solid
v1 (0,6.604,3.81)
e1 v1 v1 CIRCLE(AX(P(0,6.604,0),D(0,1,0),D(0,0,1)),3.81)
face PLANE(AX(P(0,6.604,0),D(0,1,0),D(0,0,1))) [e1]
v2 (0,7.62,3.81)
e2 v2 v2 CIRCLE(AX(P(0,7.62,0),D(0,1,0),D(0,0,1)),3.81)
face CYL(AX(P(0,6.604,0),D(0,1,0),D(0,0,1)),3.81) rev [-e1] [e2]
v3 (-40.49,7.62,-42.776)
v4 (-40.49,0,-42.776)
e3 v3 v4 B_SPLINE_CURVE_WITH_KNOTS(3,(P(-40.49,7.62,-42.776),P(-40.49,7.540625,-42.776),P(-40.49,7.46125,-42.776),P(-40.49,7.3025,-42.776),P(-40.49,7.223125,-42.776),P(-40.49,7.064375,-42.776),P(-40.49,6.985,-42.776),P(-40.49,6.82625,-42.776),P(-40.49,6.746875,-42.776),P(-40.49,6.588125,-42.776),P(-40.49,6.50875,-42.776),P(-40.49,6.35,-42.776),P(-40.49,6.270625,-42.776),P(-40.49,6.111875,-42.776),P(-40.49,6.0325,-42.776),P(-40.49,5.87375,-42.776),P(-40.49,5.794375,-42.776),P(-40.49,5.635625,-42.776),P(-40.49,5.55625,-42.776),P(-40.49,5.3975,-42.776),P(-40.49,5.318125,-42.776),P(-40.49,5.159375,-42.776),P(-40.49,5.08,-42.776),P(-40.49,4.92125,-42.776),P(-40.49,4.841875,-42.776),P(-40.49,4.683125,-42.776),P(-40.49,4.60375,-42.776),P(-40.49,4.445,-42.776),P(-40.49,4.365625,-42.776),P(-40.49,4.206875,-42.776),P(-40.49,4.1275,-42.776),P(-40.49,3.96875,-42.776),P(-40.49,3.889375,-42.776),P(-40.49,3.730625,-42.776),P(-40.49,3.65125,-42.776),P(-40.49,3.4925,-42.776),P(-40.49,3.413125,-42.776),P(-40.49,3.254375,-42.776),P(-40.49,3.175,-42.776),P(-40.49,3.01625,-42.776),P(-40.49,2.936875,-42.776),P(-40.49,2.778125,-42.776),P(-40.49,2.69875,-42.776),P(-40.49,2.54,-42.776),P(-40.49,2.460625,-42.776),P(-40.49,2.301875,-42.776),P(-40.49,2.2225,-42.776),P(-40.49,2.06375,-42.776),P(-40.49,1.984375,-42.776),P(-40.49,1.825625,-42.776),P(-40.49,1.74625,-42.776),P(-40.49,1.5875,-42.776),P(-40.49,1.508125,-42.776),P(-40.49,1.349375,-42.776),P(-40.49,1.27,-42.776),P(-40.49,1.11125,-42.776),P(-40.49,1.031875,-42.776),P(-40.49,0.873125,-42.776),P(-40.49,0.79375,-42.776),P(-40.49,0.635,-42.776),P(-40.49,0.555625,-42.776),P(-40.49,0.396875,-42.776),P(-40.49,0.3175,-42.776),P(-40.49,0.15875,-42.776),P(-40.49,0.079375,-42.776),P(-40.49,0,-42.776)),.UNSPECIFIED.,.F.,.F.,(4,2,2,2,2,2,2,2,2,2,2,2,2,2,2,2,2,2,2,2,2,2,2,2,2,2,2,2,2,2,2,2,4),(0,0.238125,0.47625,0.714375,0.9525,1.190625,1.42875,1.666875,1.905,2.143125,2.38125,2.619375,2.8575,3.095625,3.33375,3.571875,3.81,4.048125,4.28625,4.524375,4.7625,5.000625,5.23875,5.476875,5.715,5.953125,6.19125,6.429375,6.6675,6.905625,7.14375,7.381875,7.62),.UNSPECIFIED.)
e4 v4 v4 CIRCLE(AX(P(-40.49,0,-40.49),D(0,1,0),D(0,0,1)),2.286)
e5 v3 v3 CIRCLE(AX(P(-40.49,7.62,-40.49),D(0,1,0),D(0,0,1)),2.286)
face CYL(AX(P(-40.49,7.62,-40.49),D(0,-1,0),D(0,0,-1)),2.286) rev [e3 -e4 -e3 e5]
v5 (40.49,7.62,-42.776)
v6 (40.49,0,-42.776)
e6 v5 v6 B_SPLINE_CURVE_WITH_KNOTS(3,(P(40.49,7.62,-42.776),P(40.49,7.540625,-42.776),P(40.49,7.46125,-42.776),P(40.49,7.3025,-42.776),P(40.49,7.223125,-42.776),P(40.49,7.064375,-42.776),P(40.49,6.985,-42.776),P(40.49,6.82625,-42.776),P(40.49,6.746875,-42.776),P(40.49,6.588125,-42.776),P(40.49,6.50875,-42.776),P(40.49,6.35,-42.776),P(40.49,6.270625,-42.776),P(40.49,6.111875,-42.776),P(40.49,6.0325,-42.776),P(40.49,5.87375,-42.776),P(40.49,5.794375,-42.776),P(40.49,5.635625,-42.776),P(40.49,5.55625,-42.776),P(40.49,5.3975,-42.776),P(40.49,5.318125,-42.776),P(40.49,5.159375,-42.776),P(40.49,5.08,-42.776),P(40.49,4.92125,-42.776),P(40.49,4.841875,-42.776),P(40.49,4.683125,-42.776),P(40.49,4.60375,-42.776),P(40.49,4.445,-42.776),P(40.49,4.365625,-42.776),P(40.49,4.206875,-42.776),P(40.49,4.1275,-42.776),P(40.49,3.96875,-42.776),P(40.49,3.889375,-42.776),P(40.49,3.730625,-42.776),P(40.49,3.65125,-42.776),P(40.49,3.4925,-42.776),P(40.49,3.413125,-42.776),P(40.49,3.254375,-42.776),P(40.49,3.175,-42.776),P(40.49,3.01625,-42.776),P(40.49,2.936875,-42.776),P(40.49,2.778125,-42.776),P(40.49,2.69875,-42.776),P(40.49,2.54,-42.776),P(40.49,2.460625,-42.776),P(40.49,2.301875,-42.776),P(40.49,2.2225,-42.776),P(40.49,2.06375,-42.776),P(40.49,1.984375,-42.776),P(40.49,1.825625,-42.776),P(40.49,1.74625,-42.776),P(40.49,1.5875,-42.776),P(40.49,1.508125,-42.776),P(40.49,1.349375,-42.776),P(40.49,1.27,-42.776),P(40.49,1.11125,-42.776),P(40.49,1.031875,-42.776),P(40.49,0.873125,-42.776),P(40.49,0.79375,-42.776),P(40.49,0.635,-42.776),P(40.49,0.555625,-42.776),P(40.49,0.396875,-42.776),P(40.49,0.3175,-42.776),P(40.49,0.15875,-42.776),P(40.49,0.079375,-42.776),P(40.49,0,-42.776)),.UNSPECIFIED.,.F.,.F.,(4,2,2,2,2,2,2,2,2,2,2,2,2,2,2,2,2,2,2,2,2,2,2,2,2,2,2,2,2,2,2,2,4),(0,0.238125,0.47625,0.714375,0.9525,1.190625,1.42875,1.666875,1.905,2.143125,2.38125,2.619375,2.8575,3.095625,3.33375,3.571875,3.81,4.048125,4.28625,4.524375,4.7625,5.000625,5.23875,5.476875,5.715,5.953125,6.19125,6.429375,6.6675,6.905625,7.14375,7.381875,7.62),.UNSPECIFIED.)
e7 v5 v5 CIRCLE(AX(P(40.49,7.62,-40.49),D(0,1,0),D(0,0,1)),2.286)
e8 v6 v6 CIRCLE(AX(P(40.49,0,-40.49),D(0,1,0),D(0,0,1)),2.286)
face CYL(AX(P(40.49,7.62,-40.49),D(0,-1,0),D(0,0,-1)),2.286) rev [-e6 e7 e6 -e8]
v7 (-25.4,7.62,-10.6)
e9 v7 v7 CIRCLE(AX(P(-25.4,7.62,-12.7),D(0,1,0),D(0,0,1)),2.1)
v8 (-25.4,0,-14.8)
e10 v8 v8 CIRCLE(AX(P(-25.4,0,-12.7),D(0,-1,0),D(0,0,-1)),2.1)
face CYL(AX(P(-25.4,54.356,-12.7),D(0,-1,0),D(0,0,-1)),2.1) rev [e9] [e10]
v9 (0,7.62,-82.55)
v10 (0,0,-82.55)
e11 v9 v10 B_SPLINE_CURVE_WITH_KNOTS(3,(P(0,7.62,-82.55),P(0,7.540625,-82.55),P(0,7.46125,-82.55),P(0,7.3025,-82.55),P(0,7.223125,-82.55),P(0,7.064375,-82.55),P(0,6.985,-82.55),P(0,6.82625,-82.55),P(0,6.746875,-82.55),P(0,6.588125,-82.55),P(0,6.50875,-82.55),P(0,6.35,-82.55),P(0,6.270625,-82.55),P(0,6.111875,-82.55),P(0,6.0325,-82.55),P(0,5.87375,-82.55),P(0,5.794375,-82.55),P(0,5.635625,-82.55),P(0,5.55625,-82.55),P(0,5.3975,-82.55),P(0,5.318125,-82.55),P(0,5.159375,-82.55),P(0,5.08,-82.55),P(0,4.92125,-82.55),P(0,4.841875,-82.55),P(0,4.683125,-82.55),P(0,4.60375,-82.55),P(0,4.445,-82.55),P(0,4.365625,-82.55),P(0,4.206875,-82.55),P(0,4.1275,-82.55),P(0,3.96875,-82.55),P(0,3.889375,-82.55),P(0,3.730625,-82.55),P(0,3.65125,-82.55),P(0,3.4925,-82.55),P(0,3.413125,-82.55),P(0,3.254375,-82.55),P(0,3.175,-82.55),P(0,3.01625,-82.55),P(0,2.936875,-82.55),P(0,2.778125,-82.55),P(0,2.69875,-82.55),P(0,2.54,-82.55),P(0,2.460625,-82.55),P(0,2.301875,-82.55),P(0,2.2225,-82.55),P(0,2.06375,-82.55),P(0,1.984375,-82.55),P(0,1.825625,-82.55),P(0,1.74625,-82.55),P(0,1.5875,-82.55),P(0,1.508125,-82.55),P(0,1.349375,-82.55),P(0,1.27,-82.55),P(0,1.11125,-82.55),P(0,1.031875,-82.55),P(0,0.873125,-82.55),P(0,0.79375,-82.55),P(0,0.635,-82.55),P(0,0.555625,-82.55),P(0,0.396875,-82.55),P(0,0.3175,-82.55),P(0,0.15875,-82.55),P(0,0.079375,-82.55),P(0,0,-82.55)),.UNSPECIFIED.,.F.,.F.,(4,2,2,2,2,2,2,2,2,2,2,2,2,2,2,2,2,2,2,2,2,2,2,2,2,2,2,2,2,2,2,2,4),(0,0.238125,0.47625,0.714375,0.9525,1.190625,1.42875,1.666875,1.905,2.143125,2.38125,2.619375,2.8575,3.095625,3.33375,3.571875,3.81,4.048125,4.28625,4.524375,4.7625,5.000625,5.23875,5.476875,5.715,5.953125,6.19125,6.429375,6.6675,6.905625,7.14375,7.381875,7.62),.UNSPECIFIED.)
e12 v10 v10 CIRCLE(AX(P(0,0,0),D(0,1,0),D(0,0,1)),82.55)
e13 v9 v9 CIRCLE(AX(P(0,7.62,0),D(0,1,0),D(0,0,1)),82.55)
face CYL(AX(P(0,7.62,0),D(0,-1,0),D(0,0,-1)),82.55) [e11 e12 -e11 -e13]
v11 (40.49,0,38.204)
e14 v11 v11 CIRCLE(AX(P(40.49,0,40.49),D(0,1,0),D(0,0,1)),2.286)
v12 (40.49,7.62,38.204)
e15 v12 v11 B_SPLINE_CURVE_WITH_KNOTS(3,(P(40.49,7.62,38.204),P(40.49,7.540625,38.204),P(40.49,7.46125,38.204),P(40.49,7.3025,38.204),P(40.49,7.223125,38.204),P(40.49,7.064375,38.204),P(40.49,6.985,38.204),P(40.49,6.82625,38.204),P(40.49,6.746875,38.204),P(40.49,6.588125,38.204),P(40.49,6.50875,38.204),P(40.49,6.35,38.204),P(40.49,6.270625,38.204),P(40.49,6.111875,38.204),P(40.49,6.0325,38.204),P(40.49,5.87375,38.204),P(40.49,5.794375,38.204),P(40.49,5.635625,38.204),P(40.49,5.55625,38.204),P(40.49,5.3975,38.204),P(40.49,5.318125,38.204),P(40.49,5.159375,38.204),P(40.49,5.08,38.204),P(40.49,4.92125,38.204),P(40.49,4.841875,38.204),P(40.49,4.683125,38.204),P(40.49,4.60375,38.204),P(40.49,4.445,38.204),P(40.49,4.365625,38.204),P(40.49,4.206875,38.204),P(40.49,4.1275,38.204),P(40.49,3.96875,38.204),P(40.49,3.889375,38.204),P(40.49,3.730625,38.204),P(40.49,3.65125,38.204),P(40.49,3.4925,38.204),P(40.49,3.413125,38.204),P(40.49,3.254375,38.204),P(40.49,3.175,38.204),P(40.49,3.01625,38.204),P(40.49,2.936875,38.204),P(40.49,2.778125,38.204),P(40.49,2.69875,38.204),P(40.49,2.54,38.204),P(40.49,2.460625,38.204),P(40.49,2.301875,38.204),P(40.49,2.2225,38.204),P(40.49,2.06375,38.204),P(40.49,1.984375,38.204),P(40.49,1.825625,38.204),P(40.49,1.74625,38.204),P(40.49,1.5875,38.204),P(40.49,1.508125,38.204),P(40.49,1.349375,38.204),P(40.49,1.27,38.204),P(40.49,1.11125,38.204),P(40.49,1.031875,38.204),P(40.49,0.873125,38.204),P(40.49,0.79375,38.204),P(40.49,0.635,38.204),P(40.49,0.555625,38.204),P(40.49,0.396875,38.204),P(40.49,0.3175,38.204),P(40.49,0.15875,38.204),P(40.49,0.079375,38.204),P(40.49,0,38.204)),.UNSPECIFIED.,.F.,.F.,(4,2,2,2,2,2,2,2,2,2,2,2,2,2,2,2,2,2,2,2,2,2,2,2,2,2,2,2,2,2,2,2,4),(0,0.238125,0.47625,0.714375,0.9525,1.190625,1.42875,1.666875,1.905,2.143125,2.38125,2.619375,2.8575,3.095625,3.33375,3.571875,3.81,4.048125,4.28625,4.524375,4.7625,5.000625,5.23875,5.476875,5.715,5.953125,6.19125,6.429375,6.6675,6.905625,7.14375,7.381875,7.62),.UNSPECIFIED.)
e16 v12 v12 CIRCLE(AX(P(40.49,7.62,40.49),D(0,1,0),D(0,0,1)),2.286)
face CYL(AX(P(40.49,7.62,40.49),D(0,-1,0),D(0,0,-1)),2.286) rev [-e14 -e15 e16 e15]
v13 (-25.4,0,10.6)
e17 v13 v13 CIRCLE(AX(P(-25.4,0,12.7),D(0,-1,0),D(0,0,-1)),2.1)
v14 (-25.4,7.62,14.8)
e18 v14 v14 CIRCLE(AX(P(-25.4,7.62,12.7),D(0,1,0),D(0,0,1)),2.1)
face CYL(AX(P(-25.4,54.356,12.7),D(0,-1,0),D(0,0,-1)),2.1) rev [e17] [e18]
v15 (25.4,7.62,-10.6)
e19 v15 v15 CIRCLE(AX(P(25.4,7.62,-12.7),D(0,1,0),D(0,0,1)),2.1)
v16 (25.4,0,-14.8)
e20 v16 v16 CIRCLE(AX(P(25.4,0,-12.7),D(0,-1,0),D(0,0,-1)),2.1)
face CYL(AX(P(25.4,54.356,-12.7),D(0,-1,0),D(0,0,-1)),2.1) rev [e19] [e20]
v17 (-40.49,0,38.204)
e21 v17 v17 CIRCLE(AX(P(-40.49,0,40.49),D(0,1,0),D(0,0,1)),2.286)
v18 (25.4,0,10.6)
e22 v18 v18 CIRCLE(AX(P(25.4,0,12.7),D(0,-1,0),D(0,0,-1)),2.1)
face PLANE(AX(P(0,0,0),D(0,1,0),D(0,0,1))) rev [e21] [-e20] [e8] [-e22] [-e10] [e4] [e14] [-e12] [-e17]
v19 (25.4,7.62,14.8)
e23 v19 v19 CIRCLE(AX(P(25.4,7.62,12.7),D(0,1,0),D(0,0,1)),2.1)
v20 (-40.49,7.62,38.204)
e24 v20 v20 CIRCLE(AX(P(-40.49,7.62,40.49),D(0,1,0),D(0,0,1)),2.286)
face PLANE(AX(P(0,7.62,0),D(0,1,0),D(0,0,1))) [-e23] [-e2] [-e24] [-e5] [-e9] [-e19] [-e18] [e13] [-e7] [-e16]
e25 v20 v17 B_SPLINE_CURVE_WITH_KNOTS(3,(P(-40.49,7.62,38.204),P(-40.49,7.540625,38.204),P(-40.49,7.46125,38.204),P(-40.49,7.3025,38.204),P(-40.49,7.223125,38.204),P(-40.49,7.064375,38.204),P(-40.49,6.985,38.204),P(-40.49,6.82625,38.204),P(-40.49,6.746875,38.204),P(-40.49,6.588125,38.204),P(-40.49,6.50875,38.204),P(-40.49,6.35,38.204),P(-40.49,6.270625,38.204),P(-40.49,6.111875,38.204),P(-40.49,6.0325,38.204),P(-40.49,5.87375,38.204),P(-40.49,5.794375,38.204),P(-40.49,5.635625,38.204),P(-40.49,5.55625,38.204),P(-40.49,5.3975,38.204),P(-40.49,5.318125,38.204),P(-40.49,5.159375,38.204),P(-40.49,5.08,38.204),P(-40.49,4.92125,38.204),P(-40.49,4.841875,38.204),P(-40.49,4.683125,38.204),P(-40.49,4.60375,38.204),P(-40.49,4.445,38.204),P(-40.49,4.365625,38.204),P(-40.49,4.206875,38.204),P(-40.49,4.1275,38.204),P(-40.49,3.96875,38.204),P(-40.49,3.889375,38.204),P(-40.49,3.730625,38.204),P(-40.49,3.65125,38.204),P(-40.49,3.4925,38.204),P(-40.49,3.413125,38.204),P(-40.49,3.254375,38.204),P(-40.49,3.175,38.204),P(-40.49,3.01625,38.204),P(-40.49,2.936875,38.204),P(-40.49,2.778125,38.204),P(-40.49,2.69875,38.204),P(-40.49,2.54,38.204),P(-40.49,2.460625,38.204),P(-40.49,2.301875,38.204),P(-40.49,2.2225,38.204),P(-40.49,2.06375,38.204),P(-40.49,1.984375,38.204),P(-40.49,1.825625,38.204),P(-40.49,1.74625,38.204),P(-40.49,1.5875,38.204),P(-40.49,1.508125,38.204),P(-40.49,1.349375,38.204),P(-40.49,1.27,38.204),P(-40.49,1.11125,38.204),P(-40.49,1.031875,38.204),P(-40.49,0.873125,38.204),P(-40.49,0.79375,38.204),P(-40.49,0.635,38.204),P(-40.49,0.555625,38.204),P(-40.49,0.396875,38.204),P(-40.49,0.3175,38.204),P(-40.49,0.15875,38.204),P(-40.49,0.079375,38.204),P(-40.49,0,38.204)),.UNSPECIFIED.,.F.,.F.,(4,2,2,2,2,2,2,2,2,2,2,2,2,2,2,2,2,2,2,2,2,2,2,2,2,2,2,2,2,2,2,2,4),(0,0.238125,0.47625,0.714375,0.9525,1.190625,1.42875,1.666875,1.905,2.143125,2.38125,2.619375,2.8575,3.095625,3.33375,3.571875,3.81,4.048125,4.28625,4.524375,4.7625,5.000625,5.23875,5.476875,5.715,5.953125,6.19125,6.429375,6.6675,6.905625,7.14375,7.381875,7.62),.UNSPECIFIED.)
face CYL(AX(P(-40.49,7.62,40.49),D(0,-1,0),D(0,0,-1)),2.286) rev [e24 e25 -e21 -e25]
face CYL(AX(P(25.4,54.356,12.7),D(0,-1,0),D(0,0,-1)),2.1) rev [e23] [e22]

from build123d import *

# Parameters (mm, degrees)
SKETCH1_R           = 82.55
SKETCH1_R_2         = 2.286
BOSS_EXTRUDE2_DEPTH = 7.62
SKETCH2_R           = 3.81
CUT_EXTRUDE1_DEPTH  = 1.016
SKETCH3_R           = 2.1
CUT_EXTRUDE2_DEPTH  = 54.356


with BuildPart() as part:
    # Sketch1 → Boss-Extrude2 (new body)
    with BuildSketch(Plane(origin=(0, 0, 0), x_dir=(1, 0, 0), z_dir=(0, 1, 0))):
        with Locations(Location((0, 0, 0), (0, 0, 90))):
            Circle(SKETCH1_R)
        with Locations(Location((40.49, 40.49, 0), (0, 0, 90))):
            Circle(SKETCH1_R_2, mode=Mode.SUBTRACT)
        with Locations(Location((40.49, -40.49, 0), (0, 0, 90))):
            Circle(SKETCH1_R_2, mode=Mode.SUBTRACT)
        with Locations(Location((-40.49, -40.49, 0), (0, 0, 90))):
            Circle(SKETCH1_R_2, mode=Mode.SUBTRACT)
        with Locations(Location((-40.49, 40.49, 0), (0, 0, 90))):
            Circle(SKETCH1_R_2, mode=Mode.SUBTRACT)
    extrude(amount=BOSS_EXTRUDE2_DEPTH)

    # Sketch2 → Cut-Extrude1 (cut)
    with BuildSketch(Plane(origin=(0, 7.62, 0), x_dir=(1, 0, 0), z_dir=(0, 1, 0))):
        with Locations(Location((0, 0, 0), (0, 0, 270))):
            Circle(SKETCH2_R)
    extrude(amount=-CUT_EXTRUDE1_DEPTH, mode=Mode.SUBTRACT)

    # Sketch3 → Cut-Extrude2 (cut)
    with BuildSketch(Plane.XZ):
        with Locations(Location((-25.4, 12.7, 0), (0, 0, 270))):
            Circle(SKETCH3_R)
        with Locations(Location((25.4, 12.7, 0), (0, 0, 270))):
            Circle(SKETCH3_R)
        with Locations(Location((25.4, -12.7, 0), (0, 0, 270))):
            Circle(SKETCH3_R)
        with Locations(Location((-25.4, -12.7, 0), (0, 0, 270))):
            Circle(SKETCH3_R)
    extrude(amount=-CUT_EXTRUDE2_DEPTH, mode=Mode.SUBTRACT)


solid = part.part
